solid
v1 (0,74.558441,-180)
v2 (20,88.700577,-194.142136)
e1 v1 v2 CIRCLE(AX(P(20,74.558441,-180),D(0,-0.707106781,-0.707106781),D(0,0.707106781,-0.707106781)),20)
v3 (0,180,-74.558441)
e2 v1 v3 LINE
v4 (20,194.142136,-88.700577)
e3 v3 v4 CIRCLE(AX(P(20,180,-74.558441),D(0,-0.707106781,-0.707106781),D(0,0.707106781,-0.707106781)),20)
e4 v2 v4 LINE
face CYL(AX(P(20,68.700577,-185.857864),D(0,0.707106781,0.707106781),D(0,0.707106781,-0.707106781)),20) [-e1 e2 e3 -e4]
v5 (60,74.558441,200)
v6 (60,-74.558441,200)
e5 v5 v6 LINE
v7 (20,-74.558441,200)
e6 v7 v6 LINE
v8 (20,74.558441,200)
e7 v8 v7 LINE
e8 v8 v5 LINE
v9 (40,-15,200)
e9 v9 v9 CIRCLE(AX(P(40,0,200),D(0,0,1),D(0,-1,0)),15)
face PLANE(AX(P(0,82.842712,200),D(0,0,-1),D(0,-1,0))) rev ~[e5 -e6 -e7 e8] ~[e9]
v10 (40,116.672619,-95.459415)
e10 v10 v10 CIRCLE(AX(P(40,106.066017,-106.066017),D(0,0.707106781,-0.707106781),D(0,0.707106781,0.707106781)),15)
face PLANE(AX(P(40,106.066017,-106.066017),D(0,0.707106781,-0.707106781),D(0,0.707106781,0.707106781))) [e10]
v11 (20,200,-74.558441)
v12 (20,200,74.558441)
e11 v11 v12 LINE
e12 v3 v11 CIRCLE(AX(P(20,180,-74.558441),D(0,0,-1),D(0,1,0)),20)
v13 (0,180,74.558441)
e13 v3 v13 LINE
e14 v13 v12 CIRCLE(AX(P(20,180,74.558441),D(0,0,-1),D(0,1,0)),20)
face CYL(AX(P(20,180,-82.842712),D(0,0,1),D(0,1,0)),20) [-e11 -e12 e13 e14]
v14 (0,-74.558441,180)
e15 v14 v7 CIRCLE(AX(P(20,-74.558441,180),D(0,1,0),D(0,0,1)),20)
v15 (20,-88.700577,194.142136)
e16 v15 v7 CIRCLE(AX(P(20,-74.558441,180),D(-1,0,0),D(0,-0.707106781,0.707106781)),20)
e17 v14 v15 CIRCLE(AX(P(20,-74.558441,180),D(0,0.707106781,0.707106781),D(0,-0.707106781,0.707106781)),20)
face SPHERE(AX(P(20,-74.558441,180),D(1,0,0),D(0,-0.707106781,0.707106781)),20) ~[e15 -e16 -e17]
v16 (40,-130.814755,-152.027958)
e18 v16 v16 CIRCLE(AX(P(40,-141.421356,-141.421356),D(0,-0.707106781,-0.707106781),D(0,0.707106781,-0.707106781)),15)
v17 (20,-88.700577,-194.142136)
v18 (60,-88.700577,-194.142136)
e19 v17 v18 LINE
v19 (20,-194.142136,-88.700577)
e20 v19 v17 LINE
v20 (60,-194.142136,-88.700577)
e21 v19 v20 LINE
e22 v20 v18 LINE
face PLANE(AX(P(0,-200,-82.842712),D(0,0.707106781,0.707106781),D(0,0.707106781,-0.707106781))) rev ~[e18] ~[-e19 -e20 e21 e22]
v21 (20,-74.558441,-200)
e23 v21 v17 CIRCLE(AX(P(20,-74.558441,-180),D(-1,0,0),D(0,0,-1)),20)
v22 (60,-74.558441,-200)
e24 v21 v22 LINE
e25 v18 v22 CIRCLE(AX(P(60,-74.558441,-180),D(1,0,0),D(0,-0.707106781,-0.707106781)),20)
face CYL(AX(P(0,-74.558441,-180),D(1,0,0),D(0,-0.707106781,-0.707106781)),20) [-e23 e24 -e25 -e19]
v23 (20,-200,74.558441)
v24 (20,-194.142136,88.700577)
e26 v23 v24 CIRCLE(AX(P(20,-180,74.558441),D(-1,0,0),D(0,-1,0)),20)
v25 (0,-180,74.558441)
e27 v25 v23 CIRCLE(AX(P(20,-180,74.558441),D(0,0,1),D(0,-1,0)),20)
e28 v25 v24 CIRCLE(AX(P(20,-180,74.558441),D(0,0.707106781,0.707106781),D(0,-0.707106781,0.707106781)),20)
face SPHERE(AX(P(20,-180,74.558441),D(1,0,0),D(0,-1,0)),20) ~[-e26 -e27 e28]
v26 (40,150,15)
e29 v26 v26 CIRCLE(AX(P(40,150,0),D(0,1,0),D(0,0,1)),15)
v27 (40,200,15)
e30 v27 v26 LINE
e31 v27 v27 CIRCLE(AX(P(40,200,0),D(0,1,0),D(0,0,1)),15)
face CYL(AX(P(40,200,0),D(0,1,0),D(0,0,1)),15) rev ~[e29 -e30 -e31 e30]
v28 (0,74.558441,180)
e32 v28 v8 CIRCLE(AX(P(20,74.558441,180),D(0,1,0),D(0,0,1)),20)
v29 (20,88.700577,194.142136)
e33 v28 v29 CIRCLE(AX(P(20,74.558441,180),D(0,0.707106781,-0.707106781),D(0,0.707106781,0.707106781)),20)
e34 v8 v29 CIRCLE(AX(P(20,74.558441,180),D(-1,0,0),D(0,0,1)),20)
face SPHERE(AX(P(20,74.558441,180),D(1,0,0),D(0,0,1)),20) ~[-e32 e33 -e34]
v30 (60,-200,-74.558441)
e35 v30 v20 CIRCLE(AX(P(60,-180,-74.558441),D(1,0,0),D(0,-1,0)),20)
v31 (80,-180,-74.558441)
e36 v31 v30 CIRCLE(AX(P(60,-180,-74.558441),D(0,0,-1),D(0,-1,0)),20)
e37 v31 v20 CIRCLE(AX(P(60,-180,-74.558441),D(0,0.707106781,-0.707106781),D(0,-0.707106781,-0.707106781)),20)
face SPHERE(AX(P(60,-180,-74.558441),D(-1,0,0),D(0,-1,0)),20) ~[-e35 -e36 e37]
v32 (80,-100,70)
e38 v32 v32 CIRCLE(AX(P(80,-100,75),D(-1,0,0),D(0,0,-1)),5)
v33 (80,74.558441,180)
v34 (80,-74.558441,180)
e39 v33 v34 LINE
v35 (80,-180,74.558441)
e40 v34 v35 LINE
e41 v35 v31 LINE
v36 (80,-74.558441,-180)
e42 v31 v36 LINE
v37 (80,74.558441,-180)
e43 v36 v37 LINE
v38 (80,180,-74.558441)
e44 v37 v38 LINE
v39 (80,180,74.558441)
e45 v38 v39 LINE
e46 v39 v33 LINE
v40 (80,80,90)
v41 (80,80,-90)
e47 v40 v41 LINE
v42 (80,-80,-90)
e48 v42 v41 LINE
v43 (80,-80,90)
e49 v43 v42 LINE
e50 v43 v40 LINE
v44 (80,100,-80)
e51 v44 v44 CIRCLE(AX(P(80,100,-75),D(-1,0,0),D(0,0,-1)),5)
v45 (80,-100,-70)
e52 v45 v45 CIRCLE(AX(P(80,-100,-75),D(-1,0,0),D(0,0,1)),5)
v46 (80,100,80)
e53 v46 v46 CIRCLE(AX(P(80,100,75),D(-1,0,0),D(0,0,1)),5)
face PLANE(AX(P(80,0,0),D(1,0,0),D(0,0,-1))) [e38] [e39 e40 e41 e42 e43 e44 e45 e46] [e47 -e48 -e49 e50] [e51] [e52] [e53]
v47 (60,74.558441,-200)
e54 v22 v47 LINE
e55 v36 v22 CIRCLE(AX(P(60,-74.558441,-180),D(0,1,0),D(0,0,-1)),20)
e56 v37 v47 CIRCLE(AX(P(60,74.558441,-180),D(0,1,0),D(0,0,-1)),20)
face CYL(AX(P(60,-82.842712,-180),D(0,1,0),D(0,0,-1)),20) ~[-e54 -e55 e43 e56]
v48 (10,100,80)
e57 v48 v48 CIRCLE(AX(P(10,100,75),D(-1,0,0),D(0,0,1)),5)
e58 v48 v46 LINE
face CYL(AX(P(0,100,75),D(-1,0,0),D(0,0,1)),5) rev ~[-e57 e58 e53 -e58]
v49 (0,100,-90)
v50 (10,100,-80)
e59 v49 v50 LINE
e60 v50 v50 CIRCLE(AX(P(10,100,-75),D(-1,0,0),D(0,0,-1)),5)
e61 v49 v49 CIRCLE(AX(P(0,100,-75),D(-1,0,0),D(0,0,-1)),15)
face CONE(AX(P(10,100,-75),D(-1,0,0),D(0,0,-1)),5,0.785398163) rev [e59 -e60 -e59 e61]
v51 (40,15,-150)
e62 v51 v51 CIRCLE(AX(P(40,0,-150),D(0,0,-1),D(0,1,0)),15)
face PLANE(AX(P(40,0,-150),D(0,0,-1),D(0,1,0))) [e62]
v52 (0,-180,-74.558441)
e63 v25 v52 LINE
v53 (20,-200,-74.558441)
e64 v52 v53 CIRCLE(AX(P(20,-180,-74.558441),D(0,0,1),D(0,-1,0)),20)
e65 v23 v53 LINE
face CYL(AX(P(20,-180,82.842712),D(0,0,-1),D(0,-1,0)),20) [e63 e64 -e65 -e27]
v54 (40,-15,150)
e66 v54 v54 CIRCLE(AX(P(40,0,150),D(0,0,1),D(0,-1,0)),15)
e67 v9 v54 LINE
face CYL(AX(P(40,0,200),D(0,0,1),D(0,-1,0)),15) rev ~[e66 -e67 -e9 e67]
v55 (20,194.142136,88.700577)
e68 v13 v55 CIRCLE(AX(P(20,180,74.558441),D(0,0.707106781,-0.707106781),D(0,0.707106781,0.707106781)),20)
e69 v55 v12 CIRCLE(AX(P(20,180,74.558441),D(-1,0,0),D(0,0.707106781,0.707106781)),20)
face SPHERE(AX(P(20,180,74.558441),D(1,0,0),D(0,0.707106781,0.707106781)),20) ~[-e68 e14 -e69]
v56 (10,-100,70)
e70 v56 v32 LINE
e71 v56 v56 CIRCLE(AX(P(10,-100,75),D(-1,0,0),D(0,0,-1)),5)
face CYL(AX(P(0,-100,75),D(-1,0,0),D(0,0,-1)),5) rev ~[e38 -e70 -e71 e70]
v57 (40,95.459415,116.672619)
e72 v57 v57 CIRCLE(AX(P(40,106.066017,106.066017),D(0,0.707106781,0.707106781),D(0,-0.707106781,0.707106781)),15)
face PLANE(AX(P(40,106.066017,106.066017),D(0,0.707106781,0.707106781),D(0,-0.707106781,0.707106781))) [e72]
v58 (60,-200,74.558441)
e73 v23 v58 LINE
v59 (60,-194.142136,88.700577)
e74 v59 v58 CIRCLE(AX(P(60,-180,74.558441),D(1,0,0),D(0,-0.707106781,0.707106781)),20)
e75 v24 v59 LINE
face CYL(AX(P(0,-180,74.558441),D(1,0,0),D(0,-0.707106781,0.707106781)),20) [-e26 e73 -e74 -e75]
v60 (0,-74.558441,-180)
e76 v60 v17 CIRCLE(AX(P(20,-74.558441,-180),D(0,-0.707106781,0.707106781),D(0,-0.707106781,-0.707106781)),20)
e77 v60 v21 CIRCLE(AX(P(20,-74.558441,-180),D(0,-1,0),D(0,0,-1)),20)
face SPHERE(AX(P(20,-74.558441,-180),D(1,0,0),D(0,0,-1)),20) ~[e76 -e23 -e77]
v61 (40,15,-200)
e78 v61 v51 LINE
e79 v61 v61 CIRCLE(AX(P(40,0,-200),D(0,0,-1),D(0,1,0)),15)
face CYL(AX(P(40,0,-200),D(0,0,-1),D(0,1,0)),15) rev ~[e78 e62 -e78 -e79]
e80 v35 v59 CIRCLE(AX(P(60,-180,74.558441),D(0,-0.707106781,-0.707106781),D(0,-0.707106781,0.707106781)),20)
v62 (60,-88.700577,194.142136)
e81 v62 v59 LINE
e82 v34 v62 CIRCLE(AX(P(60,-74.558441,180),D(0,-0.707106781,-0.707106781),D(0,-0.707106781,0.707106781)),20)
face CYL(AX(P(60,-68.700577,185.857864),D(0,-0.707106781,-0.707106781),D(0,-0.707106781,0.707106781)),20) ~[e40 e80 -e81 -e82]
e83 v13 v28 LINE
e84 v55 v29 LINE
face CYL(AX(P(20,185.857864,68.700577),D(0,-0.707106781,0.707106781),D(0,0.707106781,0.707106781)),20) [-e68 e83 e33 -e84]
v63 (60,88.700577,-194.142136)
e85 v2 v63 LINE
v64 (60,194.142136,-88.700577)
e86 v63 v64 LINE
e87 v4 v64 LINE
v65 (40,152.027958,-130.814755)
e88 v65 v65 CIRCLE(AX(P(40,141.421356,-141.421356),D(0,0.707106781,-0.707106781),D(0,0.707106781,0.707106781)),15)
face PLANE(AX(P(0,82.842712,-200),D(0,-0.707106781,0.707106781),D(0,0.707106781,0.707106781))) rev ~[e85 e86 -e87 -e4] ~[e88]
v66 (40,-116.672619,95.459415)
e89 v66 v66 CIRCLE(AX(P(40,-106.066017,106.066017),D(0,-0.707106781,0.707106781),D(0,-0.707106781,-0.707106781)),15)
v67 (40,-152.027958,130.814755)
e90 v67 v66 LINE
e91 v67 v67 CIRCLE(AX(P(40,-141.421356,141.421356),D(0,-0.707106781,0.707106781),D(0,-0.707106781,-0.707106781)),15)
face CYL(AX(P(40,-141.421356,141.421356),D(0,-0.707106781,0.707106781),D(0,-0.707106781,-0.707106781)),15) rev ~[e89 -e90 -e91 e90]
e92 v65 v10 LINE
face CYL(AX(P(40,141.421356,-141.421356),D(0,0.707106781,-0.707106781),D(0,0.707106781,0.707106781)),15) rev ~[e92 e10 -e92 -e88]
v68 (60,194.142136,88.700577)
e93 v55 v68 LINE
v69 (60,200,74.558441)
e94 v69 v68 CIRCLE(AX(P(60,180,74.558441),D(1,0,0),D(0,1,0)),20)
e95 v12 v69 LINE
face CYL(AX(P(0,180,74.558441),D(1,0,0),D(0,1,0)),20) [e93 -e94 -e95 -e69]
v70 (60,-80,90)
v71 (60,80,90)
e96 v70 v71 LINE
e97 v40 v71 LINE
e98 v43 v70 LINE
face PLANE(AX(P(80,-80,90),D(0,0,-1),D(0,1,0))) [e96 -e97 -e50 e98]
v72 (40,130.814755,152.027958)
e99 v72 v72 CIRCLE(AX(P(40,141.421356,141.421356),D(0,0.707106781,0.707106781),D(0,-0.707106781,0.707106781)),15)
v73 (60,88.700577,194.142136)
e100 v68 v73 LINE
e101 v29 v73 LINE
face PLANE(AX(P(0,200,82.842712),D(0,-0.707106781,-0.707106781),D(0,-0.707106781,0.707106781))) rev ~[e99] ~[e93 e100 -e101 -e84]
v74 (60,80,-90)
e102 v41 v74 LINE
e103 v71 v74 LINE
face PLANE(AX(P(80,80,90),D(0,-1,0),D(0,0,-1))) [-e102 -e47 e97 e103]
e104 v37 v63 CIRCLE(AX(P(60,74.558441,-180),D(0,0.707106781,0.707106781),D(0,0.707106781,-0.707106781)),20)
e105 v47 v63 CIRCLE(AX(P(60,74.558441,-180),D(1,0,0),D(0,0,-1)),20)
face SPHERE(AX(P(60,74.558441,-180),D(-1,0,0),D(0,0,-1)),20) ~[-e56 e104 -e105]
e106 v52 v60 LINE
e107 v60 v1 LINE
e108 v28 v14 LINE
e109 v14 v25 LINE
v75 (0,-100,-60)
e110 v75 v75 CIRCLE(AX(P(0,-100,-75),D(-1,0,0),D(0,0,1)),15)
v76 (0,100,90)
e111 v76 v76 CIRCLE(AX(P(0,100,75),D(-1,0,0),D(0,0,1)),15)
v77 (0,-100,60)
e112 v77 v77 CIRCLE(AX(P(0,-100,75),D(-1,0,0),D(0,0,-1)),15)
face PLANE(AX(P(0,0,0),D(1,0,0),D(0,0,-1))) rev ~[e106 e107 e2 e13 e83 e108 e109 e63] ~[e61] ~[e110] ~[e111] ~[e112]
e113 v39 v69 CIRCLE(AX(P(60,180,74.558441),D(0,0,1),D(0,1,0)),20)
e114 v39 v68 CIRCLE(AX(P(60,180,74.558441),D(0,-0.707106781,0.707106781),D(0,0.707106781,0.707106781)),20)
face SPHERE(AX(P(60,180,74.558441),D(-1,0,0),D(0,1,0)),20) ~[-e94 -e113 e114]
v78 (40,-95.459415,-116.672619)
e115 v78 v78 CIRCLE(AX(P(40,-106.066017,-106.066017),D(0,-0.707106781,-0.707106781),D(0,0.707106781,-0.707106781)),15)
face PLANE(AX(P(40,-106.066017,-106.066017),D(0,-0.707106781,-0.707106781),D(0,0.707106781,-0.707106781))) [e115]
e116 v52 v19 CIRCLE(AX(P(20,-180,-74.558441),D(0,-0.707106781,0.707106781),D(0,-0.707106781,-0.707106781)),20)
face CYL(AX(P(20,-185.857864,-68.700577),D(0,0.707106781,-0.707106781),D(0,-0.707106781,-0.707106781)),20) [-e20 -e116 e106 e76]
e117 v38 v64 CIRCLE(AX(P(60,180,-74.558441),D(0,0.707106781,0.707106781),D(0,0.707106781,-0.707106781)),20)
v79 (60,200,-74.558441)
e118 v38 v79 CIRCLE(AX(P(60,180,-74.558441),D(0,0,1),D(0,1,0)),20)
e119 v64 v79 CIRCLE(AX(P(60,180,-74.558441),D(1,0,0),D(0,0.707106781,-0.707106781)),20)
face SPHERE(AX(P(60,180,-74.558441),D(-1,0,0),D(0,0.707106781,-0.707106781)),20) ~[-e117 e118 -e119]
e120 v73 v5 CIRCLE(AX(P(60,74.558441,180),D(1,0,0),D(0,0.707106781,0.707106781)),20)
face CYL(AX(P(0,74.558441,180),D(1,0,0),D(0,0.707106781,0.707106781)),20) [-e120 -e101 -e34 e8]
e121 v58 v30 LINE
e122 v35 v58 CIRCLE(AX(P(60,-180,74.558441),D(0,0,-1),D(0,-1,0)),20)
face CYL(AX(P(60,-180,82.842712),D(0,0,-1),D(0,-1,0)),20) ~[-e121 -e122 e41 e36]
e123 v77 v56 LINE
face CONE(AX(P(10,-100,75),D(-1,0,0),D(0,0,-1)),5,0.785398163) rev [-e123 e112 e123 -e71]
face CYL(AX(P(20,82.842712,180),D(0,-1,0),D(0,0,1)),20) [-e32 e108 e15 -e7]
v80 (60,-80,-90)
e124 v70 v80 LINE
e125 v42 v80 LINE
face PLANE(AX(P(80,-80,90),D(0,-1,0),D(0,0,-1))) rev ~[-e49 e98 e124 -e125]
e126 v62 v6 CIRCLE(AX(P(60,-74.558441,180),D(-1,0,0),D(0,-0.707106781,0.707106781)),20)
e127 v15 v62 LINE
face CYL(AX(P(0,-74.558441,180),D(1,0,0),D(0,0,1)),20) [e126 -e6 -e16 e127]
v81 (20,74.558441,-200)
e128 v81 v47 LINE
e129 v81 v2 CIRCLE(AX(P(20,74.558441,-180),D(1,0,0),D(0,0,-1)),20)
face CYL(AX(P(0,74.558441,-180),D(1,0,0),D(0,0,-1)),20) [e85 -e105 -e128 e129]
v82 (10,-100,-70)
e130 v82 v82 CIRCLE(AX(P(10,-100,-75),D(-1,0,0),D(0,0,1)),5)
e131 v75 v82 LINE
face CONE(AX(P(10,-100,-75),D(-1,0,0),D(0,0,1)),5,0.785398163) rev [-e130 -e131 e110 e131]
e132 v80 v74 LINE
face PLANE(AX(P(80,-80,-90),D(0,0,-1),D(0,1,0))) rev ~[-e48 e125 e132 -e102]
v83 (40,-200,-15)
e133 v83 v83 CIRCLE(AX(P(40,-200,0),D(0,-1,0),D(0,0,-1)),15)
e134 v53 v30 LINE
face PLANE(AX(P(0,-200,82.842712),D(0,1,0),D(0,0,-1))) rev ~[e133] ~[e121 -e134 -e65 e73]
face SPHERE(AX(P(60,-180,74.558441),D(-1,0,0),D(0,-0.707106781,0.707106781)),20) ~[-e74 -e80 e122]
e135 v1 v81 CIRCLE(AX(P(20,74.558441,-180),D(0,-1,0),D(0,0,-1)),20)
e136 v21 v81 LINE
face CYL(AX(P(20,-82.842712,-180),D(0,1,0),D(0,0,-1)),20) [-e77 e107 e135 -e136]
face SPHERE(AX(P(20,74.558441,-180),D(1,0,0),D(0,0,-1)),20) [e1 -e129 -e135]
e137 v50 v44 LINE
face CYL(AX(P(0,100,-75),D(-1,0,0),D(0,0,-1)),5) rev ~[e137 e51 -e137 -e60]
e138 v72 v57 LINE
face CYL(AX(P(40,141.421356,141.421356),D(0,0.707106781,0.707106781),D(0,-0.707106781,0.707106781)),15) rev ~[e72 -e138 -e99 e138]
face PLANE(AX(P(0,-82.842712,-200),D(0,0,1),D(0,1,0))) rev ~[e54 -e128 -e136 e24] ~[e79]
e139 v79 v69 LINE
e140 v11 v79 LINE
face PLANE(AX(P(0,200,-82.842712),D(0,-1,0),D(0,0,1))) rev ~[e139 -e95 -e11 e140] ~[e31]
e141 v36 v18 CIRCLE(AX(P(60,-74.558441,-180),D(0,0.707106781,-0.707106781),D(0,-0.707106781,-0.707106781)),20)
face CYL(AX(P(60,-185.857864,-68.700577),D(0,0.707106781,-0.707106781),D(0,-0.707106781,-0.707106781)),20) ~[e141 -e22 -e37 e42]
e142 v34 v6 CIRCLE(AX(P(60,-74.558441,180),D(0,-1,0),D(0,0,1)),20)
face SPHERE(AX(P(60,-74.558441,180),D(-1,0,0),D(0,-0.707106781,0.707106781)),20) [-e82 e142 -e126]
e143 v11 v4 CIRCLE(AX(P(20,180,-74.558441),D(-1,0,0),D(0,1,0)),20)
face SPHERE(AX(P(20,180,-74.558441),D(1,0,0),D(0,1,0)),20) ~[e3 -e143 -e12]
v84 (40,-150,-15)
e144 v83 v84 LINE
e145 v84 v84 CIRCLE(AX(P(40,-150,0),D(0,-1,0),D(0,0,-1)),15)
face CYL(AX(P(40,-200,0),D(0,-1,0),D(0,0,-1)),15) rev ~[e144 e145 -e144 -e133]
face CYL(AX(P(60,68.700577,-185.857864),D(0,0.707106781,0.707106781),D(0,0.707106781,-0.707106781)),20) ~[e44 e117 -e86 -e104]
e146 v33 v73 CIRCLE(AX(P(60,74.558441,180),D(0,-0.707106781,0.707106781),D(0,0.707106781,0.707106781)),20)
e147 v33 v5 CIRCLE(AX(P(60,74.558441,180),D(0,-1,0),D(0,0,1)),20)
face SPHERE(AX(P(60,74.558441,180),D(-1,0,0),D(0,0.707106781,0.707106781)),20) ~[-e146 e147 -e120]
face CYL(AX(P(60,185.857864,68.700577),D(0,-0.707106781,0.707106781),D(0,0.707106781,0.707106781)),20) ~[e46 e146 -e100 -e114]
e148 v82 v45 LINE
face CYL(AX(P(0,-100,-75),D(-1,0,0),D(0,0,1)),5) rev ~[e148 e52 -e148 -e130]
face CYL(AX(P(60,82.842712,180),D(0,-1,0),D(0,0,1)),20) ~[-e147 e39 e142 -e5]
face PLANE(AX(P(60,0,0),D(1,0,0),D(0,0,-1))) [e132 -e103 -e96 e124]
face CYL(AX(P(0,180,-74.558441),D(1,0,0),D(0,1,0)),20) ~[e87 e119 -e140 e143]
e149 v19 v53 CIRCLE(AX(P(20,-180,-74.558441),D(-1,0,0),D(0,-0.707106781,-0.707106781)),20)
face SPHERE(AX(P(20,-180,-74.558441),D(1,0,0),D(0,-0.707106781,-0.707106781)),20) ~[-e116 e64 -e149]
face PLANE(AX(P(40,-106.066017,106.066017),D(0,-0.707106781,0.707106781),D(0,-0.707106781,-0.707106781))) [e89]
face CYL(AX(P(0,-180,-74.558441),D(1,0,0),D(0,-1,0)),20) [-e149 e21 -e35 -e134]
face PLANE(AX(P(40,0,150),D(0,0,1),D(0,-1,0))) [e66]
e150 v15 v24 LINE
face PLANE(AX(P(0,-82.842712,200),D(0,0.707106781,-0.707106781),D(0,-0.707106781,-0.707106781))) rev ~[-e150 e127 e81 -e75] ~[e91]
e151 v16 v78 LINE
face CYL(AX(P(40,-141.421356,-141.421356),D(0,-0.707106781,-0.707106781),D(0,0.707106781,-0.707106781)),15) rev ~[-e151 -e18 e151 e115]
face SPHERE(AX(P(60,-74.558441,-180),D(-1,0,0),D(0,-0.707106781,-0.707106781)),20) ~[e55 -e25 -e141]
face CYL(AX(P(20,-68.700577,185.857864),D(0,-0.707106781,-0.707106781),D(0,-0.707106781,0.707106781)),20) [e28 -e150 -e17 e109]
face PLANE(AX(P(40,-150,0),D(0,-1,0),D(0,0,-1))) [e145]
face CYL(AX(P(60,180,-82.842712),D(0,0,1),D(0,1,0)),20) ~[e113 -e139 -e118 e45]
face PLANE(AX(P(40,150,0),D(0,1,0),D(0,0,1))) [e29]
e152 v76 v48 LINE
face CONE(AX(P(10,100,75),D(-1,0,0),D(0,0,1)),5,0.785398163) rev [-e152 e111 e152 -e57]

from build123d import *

# Parameters (mm, degrees)
BOSS_EXTRUDE2_DEPTH = 80
FILLET2_R           = 20
SKETCH5_R           = 15
CUT_EXTRUDE2_DEPTH  = 50
CIRPATTERN3_COUNT   = 8
SKETCH6_R           = 5
CUT_EXTRUDE3_DEPTH  = 294.938769134
SKETCH7_W           = 180
SKETCH7_H           = 160
CUT_EXTRUDE4_DEPTH  = 20
CHAMFER1_SIZE       = 10


with BuildPart() as part:
    # Sketch4 → Boss-Extrude2 (new body)
    with BuildSketch(Plane(origin=(0, 0, 0), x_dir=(0, 0, -1), z_dir=(1, 0, 0))):
        Polygon((82.842712475, 200), (-82.842712475, 200), (-200, 82.842712475), (-200, -82.842712475), (-82.842712475, -200), (82.842712475, -200), (200, -82.842712475), (200, 82.842712475), align=None)
    extrude(amount=BOSS_EXTRUDE2_DEPTH)

    # Fillet2
    fillet2_edges = [part.edges().sort_by_distance(p)[0] for p in [
        (80, 141.421356237, 141.421356237),
        (0, 200, 0),
        (0, 141.421356237, -141.421356237),
        (80, 0, 200),
        (40, 82.842712475, -200),
        (40, -82.842712475, -200),
        (40, -200, -82.842712475),
        (40, -200, 82.842712475),
        (40, -82.842712475, 200),
        (40, 82.842712475, 200),
        (40, 200, 82.842712475),
        (40, 200, -82.842712475),
        (80, -141.421356237, 141.421356237),
        (80, -200, 0),
        (80, -141.421356237, -141.421356237),
        (80, 0, -200),
        (80, 141.421356237, -141.421356237),
        (80, 200, 0),
        (0, 0, -200),
        (0, -141.421356237, -141.421356237),
        (0, -200, 0),
        (0, -141.421356237, 141.421356237),
        (0, 0, 200),
        (0, 141.421356237, 141.421356237),
    ]]
    fillet(fillet2_edges, radius=FILLET2_R)

    # Sketch5 → Cut-Extrude2 (cut)
    with BuildSketch(Plane(origin=(0, -141.421356237, -141.421356237), x_dir=(1, 0, 0), z_dir=(0, -0.7071067811865474, -0.7071067811865477))):
        with Locations(Location((40, 0, 0), (0, 0, 270))):
            Circle(SKETCH5_R)
    cut_extrude2 = extrude(amount=-CUT_EXTRUDE2_DEPTH, mode=Mode.SUBTRACT)

    # CirPattern3: Cut-Extrude2 ×8 about axis
    cirpattern3_axis = Axis((0, 0, 0), (1, 0, 0))
    for i in range(1, CIRPATTERN3_COUNT):
        add(cut_extrude2.rotate(cirpattern3_axis, i * 360 / CIRPATTERN3_COUNT), mode=Mode.SUBTRACT)

    # Sketch6 → Cut-Extrude3 (cut, through all)
    with BuildSketch(Plane.ZY):
        with Locations((75, 100)):
            Circle(SKETCH6_R)
        with Locations(Location((-75, 100, 0), (0, 0, 180))):
            Circle(SKETCH6_R)
        with Locations((-75, -100)):
            Circle(SKETCH6_R)
        with Locations(Location((75, -100, 0), (0, 0, 180))):
            Circle(SKETCH6_R)
    extrude(amount=-CUT_EXTRUDE3_DEPTH, mode=Mode.SUBTRACT)

    # Sketch7 → Cut-Extrude4 (cut)
    with BuildSketch(Plane(origin=(80, 0, 0), x_dir=(0, 0, -1), z_dir=(1, 0, 0))):
        Rectangle(SKETCH7_W, SKETCH7_H)
    extrude(amount=-CUT_EXTRUDE4_DEPTH, mode=Mode.SUBTRACT)

    # Chamfer1
    chamfer1_edges = [part.edges().sort_by_distance(p)[0] for p in [
        (0, -100, 80),
        (0, -100, -80),
        (0, 100, -70),
        (0, 100, 70),
    ]]
    chamfer(chamfer1_edges, length=CHAMFER1_SIZE)


solid = part.part
